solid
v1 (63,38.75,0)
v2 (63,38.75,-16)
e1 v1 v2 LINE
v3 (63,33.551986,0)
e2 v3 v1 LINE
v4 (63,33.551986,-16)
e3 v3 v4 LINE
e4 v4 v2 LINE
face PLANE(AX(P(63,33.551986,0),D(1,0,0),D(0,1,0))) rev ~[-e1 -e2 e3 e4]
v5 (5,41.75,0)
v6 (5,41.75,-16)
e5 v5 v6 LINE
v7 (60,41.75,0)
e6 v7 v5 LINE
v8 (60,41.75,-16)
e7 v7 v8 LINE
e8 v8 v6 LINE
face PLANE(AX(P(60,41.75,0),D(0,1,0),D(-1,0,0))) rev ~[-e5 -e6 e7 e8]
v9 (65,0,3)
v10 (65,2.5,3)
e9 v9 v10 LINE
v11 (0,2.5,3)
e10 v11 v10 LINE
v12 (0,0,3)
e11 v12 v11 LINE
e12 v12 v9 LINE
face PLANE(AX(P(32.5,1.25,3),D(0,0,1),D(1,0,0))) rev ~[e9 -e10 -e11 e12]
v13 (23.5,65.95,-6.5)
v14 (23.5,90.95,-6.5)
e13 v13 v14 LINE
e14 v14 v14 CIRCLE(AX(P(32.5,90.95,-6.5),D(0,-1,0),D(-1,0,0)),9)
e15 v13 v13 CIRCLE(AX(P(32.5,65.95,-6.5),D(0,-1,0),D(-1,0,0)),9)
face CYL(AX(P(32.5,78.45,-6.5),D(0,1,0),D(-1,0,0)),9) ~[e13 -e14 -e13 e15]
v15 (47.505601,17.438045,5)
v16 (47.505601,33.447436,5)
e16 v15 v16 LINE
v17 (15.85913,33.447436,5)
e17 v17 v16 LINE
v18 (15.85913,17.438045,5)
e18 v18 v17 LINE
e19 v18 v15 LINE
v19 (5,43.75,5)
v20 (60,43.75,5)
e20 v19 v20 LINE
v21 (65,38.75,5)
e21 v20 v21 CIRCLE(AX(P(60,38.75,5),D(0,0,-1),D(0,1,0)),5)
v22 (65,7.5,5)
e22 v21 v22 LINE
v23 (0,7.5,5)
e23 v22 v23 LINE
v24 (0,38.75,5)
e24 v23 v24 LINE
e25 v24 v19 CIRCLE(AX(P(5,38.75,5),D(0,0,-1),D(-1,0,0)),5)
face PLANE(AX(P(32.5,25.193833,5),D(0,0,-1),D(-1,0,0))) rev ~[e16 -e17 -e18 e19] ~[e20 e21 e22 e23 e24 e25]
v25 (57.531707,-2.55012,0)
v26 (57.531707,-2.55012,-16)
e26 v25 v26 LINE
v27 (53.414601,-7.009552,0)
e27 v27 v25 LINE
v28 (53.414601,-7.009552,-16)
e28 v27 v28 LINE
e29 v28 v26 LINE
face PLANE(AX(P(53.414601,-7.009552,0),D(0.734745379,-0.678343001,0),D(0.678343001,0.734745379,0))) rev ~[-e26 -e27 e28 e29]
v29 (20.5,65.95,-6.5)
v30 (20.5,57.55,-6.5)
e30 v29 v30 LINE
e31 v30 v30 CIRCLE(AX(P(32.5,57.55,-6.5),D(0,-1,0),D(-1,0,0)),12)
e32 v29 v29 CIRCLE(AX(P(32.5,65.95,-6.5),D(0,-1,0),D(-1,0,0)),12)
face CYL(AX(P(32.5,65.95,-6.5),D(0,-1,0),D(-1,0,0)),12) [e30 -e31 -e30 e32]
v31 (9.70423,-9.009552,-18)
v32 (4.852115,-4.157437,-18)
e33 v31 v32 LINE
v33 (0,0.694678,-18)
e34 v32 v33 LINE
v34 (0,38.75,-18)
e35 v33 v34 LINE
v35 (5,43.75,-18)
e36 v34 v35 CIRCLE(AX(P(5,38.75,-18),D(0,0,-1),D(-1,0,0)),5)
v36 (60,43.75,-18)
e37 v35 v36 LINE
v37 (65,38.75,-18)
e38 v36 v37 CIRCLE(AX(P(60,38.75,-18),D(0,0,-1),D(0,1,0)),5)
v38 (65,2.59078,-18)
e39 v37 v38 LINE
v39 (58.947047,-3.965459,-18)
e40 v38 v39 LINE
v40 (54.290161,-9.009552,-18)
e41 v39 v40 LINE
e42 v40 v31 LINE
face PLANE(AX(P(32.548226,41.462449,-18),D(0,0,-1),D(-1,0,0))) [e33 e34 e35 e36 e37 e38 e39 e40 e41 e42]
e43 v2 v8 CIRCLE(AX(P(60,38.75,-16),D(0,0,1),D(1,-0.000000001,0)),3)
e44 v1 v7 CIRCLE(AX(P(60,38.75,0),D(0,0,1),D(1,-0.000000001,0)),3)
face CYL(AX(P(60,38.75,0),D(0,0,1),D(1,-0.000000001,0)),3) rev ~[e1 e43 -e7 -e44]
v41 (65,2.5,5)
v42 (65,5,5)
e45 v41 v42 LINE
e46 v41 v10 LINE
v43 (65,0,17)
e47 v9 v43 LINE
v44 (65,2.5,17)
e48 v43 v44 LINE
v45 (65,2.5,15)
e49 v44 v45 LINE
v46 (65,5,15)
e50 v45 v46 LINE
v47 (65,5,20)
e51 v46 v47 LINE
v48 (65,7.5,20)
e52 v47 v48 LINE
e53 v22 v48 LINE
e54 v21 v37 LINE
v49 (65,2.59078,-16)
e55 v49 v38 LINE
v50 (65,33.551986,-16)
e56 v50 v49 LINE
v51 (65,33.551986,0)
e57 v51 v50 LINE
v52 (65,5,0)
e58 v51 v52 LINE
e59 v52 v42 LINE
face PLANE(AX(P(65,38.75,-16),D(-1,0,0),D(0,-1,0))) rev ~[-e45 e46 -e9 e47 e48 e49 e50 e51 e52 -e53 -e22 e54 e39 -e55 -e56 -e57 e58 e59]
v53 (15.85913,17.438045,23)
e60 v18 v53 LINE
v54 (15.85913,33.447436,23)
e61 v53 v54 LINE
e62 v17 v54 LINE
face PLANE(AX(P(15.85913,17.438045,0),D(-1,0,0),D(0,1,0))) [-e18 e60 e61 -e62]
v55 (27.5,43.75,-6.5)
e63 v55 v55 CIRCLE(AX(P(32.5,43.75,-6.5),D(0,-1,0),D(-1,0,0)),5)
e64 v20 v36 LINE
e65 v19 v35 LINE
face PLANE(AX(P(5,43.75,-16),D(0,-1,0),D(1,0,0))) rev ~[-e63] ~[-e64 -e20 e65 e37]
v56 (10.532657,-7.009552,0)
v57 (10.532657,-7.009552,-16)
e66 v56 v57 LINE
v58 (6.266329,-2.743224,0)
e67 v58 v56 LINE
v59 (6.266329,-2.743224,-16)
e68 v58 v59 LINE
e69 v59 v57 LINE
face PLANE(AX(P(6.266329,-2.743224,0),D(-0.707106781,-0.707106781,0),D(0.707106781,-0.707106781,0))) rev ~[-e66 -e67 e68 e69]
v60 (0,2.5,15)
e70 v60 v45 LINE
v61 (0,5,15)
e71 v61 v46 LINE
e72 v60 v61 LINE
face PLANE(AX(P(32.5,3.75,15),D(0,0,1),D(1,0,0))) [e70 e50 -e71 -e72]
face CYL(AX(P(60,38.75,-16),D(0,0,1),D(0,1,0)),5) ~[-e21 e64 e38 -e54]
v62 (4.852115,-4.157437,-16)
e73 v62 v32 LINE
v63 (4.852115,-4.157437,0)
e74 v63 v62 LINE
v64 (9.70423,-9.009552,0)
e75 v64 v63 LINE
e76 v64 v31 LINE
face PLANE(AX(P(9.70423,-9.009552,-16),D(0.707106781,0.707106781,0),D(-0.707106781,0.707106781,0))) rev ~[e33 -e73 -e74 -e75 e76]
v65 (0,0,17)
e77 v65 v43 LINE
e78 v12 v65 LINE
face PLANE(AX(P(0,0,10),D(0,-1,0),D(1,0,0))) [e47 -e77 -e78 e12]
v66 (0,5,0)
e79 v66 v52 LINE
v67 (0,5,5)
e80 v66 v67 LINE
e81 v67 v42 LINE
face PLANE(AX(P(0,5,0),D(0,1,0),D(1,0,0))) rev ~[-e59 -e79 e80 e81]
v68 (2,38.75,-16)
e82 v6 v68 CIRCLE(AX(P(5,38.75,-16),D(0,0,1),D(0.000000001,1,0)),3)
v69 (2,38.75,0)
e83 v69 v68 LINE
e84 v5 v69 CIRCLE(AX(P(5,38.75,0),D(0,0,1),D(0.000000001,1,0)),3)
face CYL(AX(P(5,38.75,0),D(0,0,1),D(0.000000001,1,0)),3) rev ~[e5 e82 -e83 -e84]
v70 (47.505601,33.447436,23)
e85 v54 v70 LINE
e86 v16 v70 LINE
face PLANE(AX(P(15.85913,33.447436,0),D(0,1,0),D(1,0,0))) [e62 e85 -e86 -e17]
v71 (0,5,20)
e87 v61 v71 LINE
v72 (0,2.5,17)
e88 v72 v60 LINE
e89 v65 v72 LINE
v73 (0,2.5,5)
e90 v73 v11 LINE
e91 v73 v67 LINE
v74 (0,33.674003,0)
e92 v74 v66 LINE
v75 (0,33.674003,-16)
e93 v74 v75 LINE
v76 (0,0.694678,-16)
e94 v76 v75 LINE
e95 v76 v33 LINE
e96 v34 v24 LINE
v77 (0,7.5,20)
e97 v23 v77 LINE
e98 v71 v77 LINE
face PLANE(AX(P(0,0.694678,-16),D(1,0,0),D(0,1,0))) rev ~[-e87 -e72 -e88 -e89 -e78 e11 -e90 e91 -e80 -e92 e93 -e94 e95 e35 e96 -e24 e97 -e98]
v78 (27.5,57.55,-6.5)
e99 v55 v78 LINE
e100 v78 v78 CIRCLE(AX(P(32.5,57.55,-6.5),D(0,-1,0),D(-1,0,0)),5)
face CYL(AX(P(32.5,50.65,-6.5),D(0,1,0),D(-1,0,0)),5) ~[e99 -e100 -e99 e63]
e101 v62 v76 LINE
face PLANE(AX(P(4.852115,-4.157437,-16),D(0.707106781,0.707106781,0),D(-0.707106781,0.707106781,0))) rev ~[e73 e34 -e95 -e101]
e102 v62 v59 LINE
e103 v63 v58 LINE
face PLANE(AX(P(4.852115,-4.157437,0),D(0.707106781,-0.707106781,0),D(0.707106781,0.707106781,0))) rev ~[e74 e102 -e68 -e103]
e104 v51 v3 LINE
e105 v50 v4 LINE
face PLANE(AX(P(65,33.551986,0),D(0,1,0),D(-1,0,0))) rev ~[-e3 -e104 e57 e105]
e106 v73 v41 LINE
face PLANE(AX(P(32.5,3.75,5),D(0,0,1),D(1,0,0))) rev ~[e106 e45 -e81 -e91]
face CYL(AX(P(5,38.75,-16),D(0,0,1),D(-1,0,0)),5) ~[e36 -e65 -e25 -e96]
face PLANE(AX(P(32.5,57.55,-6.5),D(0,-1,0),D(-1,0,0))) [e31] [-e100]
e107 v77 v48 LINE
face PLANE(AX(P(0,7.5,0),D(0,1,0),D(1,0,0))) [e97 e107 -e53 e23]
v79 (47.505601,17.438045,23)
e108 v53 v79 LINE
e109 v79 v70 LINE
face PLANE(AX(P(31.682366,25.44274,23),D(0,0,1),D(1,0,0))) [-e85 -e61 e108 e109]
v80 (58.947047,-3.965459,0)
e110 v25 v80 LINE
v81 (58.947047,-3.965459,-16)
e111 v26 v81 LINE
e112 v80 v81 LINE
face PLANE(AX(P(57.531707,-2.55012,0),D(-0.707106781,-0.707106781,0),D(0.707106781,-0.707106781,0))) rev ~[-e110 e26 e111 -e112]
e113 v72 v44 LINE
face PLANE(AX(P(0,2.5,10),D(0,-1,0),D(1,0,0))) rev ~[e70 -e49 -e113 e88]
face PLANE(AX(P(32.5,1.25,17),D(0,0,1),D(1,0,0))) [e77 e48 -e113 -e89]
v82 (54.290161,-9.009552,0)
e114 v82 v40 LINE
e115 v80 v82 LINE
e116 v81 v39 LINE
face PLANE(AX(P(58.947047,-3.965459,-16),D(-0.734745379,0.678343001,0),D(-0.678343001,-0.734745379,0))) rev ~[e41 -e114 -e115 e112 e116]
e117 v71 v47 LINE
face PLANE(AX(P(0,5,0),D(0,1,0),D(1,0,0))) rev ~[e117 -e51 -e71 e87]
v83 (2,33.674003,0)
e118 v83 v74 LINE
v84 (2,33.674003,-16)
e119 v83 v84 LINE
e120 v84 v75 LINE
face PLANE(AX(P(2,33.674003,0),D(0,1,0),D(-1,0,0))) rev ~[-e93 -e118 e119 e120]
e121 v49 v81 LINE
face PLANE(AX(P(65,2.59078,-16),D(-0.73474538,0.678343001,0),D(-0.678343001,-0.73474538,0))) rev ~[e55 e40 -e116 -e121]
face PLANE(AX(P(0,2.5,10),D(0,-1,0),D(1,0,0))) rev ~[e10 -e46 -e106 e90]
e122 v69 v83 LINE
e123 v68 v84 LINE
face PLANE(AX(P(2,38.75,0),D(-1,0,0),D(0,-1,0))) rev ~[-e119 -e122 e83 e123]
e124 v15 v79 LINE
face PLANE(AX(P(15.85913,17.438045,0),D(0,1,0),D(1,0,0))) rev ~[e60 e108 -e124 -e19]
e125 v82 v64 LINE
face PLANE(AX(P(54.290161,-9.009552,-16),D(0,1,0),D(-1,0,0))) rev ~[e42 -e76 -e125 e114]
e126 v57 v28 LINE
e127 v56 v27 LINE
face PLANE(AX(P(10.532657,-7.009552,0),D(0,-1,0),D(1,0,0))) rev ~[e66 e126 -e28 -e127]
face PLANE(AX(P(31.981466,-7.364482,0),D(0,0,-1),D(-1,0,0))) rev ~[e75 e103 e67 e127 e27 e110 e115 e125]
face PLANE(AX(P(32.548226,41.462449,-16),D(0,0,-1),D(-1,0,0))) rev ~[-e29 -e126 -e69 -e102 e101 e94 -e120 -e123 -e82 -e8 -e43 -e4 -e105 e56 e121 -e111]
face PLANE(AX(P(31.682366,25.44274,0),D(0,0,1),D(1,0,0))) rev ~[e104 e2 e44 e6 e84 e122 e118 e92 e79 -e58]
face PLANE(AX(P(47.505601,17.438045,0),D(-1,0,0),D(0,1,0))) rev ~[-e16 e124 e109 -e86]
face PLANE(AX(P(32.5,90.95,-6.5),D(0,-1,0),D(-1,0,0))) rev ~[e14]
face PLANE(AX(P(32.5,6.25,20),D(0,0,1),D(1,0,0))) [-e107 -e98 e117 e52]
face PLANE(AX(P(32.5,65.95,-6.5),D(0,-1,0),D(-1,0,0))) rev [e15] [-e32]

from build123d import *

# Parameters (mm, degrees)
BOSS_EXTRUDE1_DEPTH = 5
SKETCH1_3_W         = 65
SKETCH1_3_H         = 2.5
BOSS_EXTRUDE2_DEPTH = 20
SKETCH2_W           = 65
SKETCH2_H           = 2.5
BOSS_EXTRUDE3_DEPTH = 5
SKETCH2_3_W         = 65
SKETCH2_3_H         = 2.5
BOSS_EXTRUDE4_DEPTH = 7
SKETCH1_5_W         = 31.646470679
SKETCH1_5_H         = 16.00939105
BOSS_EXTRUDE5_DEPTH = 23
BOSS_EXTRUDE6_START = 16
BOSS_EXTRUDE6_DEPTH = 16
BOSS_EXTRUDE7_DEPTH = 2


with BuildPart() as part:
    # Sketch1 → Boss-Extrude1 (new body)
    with BuildSketch(Plane.XY):
        with BuildLine():
            Line((0, 38.75), (0, 7.5))
            Line((0, 7.5), (65, 7.5))
            Line((65, 7.5), (65, 38.75))
            ThreePointArc((65, 38.75), (63.535533906, 42.285533906), (60, 43.75))
            Line((60, 43.75), (5, 43.75))
            ThreePointArc((5, 43.75), (1.464466094, 42.285533906), (0, 38.75))
        make_face()
    extrude(amount=BOSS_EXTRUDE1_DEPTH)

    # Sketch1<3> → Boss-Extrude2 (add)
    with BuildSketch(Plane.XY):
        with Locations((32.5, 6.25)):
            Rectangle(SKETCH1_3_W, SKETCH1_3_H)
    extrude(amount=BOSS_EXTRUDE2_DEPTH)

    # Sketch2 → Boss-Extrude3 (add, symmetric)
    with BuildSketch(Plane.XY.offset(10)):
        with Locations((32.5, 3.75)):
            Rectangle(SKETCH2_W, SKETCH2_H)
    extrude(amount=BOSS_EXTRUDE3_DEPTH, both=True)

    # Sketch2<3> → Boss-Extrude4 (add, symmetric)
    with BuildSketch(Plane.XY.offset(10)):
        with Locations((32.5, 1.25)):
            Rectangle(SKETCH2_3_W, SKETCH2_3_H)
    extrude(amount=BOSS_EXTRUDE4_DEPTH, both=True)

    # Sketch1<5> → Boss-Extrude5 (add)
    with BuildSketch(Plane.XY):
        with Locations((31.682365604, 25.44274044)):
            Rectangle(SKETCH1_5_W, SKETCH1_5_H)
    extrude(amount=BOSS_EXTRUDE5_DEPTH)

    # Sketch3 → Boss-Extrude6 (add)
    with BuildSketch(Plane(origin=(0, 0, 0), x_dir=(-1, 0, 0), z_dir=(0, 0, -1)).offset(BOSS_EXTRUDE6_START)):
        with BuildLine():
            Line((-2, 33.67400262), (0, 33.67400262))
            Line((0, 33.67400262), (0, 38.75))
            ThreePointArc((0, 38.75), (-1.464466094, 42.285533906), (-5, 43.75))
            Line((-5, 43.75), (-60, 43.75))
            ThreePointArc((-60, 43.75), (-63.535533906, 42.285533906), (-65, 38.75))
            Line((-65, 38.75), (-65, 33.551986264))
            Line((-65, 33.551986264), (-63, 33.551986264))
            Line((-63, 33.551986264), (-63, 38.75))
            ThreePointArc((-63, 38.75), (-62.121320344, 40.871320344), (-60, 41.75))
            Line((-60, 41.75), (-5, 41.75))
            ThreePointArc((-5, 41.75), (-2.878679656, 40.871320344), (-2, 38.75))
            Line((-2, 38.75), (-2, 33.67400262))
        make_face()
        Polygon((-9.704230369, -9.009552441), (-4.852115184, -4.157437257), (-6.266328747, -2.743223694), (-10.532657494, -7.009552441), (-53.41460101, -7.009552441), (-57.531707428, -2.550119806), (-58.947047068, -3.965459446), (-54.290161463, -9.009552441), align=None)
    extrude(amount=-BOSS_EXTRUDE6_DEPTH)


with BuildPart() as boss_extrude6_piece_1:
    # of the separate pieces the step leaves, piece 1, a body of its own (boss_extrude6_pieces)
    add(part.part.solids().sort_by_distance((65, 2.5, 5))[0])



with BuildPart() as boss_extrude6_piece_2:
    # of the separate pieces the step leaves, piece 2, a body of its own (boss_extrude6_pieces)
    add(part.part.solids().sort_by_distance((58.947047068, -3.965459446, -16))[0])


with BuildPart() as boss_extrude6_piece_1_1:
    add(boss_extrude6_piece_1.part)

    add(boss_extrude6_piece_2.part)  # Boss-Extrude7 merges Boss-Extrude6 piece 2
    # Sketch4 → Boss-Extrude7 (add)
    with BuildSketch(Plane(origin=(0, 0, -16), x_dir=(-1, 0, 0), z_dir=(0, 0, -1))):
        with BuildLine():
            Line((-54.290161463, -9.009552441), (-9.704230369, -9.009552441))
            Line((-9.704230369, -9.009552441), (0, 0.694677928))
            Line((0, 0.694677928), (0, 38.75))
            ThreePointArc((0, 38.75), (-1.464466094, 42.285533906), (-5, 43.75))
            Line((-5, 43.75), (-60, 43.75))
            ThreePointArc((-60, 43.75), (-63.535533906, 42.285533906), (-65, 38.75))
            Line((-65, 38.75), (-65, 2.590780084))
            Line((-65, 2.590780084), (-54.290161463, -9.009552441))
        make_face()
    extrude(amount=BOSS_EXTRUDE7_DEPTH)

    # Sketch5 → Revolve1 (revolve)
    with BuildSketch(Plane.XY.offset(-6.5)):
        Polygon((32.5, 90.95), (23.5, 90.95), (23.5, 65.95), (20.5, 65.95), (20.5, 57.55), (27.5, 57.55), (27.5, 43.75), (32.5, 43.75), align=None)
    revolve(axis=Axis((32.5, 92.408225654, -6.5), (0, -1, 0)))


solid = boss_extrude6_piece_1_1.part
